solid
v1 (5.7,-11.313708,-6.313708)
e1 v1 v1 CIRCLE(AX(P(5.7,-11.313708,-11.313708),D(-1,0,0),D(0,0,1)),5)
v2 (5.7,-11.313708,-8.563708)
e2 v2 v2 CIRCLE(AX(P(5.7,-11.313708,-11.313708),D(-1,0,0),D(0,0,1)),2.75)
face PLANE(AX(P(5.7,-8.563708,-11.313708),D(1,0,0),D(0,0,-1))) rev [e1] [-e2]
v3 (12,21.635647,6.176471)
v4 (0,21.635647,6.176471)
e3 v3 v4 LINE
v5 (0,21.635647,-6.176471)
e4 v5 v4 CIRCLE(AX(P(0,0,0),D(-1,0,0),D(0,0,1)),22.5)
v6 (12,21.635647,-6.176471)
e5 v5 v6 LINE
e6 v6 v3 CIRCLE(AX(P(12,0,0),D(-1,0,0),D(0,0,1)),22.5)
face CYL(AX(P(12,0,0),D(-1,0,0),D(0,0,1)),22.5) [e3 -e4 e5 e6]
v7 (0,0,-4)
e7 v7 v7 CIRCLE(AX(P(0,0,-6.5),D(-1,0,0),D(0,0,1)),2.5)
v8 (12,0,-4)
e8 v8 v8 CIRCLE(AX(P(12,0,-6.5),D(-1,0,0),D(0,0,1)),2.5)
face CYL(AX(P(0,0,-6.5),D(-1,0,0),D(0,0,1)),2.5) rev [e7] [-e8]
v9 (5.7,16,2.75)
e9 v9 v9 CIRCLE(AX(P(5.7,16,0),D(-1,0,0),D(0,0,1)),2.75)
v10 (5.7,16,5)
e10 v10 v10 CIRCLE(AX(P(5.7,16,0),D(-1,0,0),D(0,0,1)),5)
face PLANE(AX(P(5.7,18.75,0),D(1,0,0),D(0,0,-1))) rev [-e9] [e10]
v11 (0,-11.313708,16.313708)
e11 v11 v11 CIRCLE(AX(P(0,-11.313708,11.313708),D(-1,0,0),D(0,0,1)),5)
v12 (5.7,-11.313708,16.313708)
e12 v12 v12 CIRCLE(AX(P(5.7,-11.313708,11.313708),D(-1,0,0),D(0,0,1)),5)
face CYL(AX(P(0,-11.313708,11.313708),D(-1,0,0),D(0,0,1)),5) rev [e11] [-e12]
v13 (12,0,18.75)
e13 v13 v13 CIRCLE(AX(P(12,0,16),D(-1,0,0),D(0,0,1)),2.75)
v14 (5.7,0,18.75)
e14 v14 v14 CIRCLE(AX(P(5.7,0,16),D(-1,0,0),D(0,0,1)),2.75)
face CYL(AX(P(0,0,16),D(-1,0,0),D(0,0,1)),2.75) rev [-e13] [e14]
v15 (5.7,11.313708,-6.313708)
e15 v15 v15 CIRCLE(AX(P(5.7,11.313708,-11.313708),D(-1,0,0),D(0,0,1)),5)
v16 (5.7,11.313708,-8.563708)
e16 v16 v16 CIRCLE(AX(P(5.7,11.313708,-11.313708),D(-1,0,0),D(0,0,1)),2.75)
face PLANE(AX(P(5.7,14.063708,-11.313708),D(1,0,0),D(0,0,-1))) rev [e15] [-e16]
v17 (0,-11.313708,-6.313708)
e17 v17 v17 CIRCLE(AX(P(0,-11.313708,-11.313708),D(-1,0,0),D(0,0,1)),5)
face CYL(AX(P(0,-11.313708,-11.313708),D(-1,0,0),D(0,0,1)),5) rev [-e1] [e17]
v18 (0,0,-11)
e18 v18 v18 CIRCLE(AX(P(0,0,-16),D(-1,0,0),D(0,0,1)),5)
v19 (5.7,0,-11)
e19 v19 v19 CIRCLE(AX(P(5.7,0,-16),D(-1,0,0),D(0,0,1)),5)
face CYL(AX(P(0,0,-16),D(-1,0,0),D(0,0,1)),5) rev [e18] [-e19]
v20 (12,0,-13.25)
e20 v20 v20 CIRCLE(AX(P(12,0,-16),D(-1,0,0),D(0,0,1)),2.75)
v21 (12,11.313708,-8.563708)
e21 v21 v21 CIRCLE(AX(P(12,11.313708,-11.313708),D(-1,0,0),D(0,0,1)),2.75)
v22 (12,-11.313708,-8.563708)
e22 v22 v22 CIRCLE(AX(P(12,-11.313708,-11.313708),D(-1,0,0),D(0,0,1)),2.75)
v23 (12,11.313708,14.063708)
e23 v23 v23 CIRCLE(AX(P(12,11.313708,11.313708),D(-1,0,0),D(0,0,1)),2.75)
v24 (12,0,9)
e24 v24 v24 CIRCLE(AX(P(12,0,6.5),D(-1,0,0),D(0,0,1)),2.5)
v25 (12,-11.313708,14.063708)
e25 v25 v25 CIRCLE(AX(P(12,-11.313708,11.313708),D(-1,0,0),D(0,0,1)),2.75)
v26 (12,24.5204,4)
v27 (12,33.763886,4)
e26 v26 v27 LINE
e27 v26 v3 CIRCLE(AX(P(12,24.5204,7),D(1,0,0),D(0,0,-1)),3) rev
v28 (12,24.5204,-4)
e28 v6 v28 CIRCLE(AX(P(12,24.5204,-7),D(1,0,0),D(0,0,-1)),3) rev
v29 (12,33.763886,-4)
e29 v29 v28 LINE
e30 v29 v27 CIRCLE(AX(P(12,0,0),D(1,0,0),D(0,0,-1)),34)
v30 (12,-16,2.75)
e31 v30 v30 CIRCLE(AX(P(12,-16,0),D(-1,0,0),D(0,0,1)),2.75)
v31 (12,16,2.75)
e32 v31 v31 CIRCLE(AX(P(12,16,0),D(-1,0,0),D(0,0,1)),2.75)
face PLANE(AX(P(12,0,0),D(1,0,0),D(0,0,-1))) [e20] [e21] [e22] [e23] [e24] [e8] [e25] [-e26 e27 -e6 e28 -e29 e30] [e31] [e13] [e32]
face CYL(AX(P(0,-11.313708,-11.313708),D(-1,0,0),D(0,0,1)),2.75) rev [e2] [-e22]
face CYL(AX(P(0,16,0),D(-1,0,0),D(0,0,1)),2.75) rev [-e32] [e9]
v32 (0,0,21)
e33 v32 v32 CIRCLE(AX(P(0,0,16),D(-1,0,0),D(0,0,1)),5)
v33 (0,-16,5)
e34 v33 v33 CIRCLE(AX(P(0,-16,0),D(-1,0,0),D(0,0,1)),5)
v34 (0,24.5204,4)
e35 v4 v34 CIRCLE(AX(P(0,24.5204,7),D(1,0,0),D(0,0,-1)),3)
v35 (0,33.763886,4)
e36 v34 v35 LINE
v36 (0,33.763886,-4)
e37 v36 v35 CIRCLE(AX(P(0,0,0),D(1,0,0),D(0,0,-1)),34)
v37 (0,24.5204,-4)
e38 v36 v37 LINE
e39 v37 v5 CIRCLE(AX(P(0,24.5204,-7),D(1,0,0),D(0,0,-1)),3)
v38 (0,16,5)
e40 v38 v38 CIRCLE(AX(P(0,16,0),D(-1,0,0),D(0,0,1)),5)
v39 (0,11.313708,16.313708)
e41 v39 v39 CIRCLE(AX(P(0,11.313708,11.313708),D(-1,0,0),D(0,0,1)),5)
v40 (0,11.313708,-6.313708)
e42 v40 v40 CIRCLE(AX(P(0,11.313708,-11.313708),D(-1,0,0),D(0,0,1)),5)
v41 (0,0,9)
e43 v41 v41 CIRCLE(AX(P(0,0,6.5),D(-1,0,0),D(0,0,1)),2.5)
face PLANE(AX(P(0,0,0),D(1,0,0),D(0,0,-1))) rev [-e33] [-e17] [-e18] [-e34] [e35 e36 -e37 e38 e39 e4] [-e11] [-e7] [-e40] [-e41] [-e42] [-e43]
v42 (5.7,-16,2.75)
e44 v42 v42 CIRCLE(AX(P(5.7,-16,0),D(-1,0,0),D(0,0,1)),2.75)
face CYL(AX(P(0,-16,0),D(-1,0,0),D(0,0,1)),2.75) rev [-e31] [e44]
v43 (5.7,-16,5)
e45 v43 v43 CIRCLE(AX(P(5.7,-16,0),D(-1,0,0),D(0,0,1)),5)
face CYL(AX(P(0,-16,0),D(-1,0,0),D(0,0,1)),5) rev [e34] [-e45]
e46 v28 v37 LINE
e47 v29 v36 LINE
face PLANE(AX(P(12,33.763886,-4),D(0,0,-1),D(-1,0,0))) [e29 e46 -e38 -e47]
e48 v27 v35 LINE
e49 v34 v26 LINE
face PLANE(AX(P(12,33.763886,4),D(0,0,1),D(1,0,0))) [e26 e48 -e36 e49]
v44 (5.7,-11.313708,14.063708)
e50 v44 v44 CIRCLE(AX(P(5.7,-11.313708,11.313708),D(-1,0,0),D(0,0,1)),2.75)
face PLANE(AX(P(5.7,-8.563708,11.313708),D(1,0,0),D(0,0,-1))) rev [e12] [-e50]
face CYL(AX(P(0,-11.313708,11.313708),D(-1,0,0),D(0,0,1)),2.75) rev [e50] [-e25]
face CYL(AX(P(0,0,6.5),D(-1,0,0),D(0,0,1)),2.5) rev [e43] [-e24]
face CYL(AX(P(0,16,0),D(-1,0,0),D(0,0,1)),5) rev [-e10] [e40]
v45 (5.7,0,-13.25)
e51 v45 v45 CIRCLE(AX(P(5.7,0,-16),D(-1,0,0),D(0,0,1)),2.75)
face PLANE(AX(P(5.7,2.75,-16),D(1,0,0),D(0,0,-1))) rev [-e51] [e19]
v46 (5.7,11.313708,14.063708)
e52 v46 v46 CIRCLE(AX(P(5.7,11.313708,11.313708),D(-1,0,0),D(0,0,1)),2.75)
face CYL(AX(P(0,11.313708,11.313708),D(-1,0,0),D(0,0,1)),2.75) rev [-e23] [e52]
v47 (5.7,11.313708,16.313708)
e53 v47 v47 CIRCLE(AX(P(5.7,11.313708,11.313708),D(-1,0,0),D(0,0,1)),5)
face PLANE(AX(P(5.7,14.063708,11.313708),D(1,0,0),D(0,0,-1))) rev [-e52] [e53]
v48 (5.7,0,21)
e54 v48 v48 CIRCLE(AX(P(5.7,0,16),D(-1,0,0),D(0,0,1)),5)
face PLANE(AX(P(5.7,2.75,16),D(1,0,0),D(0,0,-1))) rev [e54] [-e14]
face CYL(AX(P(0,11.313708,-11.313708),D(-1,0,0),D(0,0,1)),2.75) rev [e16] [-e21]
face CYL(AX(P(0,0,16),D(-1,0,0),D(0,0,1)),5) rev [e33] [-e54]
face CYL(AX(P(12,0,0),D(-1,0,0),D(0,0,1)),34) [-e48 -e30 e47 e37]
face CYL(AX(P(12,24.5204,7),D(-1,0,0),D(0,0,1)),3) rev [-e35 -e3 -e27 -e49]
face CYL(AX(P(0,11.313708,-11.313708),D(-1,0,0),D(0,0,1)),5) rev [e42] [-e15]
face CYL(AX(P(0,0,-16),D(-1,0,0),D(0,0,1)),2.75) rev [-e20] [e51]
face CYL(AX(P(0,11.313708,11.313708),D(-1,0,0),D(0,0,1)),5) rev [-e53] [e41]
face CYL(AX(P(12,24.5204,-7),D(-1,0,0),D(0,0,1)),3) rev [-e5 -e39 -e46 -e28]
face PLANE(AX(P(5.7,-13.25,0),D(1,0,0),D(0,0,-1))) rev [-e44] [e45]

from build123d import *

# Parameters (mm, degrees)
SKETCH_1_R                = 34
EXTRUDE_1_DEPTH           = 12
HOLE_WIZARD_1_D           = 5.5
HOLE_WIZARD_1_CBORE_D     = 10
HOLE_WIZARD_1_CBORE_DEPTH = 5.7
PATTERN_CIRCULAR_1_COUNT  = 8
SKETCH_4_OUTSIDE_W        = 89.382
SKETCH_4_OUTSIDE_H        = 89.382
CUT_EXTRUDE_2_DEPTH       = 50.558046773
HOLE_WIZARD_M6_1_D        = 5
FILLET_1_R                = 3


with BuildPart() as part:
    # 草图1 → 凸台-拉伸1 (new body)
    with BuildSketch(Plane(origin=(0, 0, 0), x_dir=(0, 0, -1), z_dir=(1, 0, 0))):
        Circle(SKETCH_1_R)
    extrude(amount=EXTRUDE_1_DEPTH)

    # 打孔尺寸根据内六角圆柱头螺钉的类型1 (through all)
    with Locations(Plane.ZY):
        with Locations((0, 16)):
            hole_wizard_1 = CounterBoreHole(HOLE_WIZARD_1_D / 2, HOLE_WIZARD_1_CBORE_D / 2, HOLE_WIZARD_1_CBORE_DEPTH)

    # 阵列(圆周)1: 打孔尺寸根据内六角圆柱头螺钉的类型1 ×8 about axis
    pattern_circular_1_axis = Axis((0, 0, 0), (1, 0, 0))
    for i in range(1, PATTERN_CIRCULAR_1_COUNT):
        add(hole_wizard_1.rotate(pattern_circular_1_axis, i * 360 / PATTERN_CIRCULAR_1_COUNT), mode=Mode.SUBTRACT)

    # 草图4 outside → 切除-拉伸2 (cut, through all)
    with BuildSketch(Plane.ZY):
        Rectangle(SKETCH_4_OUTSIDE_W, SKETCH_4_OUTSIDE_H)
        with BuildLine():
            Line((-4, 33.763886032), (-4, 22.141589825))
            ThreePointArc((-4, 22.141589825), (0, -22.5), (4, 22.141589825))
            Line((4, 22.141589825), (4, 33.763886032))
            ThreePointArc((4, 33.763886032), (0, 34), (-4, 33.763886032))
        make_face(mode=Mode.SUBTRACT)
    extrude(amount=-CUT_EXTRUDE_2_DEPTH, mode=Mode.SUBTRACT)

    # M6 螺纹孔1 (through all)
    with Locations(Plane.ZY):
        with Locations((6.5, 0), (-6.5, 0)):
            Hole(HOLE_WIZARD_M6_1_D / 2)

    # 圆角1
    fillet_1_edges = [part.edges().sort_by_distance(p)[0] for p in [
        (6, 22.141589825, 4),
        (6, 22.141589825, -4),
    ]]
    fillet(fillet_1_edges, radius=FILLET_1_R)


solid = part.part
